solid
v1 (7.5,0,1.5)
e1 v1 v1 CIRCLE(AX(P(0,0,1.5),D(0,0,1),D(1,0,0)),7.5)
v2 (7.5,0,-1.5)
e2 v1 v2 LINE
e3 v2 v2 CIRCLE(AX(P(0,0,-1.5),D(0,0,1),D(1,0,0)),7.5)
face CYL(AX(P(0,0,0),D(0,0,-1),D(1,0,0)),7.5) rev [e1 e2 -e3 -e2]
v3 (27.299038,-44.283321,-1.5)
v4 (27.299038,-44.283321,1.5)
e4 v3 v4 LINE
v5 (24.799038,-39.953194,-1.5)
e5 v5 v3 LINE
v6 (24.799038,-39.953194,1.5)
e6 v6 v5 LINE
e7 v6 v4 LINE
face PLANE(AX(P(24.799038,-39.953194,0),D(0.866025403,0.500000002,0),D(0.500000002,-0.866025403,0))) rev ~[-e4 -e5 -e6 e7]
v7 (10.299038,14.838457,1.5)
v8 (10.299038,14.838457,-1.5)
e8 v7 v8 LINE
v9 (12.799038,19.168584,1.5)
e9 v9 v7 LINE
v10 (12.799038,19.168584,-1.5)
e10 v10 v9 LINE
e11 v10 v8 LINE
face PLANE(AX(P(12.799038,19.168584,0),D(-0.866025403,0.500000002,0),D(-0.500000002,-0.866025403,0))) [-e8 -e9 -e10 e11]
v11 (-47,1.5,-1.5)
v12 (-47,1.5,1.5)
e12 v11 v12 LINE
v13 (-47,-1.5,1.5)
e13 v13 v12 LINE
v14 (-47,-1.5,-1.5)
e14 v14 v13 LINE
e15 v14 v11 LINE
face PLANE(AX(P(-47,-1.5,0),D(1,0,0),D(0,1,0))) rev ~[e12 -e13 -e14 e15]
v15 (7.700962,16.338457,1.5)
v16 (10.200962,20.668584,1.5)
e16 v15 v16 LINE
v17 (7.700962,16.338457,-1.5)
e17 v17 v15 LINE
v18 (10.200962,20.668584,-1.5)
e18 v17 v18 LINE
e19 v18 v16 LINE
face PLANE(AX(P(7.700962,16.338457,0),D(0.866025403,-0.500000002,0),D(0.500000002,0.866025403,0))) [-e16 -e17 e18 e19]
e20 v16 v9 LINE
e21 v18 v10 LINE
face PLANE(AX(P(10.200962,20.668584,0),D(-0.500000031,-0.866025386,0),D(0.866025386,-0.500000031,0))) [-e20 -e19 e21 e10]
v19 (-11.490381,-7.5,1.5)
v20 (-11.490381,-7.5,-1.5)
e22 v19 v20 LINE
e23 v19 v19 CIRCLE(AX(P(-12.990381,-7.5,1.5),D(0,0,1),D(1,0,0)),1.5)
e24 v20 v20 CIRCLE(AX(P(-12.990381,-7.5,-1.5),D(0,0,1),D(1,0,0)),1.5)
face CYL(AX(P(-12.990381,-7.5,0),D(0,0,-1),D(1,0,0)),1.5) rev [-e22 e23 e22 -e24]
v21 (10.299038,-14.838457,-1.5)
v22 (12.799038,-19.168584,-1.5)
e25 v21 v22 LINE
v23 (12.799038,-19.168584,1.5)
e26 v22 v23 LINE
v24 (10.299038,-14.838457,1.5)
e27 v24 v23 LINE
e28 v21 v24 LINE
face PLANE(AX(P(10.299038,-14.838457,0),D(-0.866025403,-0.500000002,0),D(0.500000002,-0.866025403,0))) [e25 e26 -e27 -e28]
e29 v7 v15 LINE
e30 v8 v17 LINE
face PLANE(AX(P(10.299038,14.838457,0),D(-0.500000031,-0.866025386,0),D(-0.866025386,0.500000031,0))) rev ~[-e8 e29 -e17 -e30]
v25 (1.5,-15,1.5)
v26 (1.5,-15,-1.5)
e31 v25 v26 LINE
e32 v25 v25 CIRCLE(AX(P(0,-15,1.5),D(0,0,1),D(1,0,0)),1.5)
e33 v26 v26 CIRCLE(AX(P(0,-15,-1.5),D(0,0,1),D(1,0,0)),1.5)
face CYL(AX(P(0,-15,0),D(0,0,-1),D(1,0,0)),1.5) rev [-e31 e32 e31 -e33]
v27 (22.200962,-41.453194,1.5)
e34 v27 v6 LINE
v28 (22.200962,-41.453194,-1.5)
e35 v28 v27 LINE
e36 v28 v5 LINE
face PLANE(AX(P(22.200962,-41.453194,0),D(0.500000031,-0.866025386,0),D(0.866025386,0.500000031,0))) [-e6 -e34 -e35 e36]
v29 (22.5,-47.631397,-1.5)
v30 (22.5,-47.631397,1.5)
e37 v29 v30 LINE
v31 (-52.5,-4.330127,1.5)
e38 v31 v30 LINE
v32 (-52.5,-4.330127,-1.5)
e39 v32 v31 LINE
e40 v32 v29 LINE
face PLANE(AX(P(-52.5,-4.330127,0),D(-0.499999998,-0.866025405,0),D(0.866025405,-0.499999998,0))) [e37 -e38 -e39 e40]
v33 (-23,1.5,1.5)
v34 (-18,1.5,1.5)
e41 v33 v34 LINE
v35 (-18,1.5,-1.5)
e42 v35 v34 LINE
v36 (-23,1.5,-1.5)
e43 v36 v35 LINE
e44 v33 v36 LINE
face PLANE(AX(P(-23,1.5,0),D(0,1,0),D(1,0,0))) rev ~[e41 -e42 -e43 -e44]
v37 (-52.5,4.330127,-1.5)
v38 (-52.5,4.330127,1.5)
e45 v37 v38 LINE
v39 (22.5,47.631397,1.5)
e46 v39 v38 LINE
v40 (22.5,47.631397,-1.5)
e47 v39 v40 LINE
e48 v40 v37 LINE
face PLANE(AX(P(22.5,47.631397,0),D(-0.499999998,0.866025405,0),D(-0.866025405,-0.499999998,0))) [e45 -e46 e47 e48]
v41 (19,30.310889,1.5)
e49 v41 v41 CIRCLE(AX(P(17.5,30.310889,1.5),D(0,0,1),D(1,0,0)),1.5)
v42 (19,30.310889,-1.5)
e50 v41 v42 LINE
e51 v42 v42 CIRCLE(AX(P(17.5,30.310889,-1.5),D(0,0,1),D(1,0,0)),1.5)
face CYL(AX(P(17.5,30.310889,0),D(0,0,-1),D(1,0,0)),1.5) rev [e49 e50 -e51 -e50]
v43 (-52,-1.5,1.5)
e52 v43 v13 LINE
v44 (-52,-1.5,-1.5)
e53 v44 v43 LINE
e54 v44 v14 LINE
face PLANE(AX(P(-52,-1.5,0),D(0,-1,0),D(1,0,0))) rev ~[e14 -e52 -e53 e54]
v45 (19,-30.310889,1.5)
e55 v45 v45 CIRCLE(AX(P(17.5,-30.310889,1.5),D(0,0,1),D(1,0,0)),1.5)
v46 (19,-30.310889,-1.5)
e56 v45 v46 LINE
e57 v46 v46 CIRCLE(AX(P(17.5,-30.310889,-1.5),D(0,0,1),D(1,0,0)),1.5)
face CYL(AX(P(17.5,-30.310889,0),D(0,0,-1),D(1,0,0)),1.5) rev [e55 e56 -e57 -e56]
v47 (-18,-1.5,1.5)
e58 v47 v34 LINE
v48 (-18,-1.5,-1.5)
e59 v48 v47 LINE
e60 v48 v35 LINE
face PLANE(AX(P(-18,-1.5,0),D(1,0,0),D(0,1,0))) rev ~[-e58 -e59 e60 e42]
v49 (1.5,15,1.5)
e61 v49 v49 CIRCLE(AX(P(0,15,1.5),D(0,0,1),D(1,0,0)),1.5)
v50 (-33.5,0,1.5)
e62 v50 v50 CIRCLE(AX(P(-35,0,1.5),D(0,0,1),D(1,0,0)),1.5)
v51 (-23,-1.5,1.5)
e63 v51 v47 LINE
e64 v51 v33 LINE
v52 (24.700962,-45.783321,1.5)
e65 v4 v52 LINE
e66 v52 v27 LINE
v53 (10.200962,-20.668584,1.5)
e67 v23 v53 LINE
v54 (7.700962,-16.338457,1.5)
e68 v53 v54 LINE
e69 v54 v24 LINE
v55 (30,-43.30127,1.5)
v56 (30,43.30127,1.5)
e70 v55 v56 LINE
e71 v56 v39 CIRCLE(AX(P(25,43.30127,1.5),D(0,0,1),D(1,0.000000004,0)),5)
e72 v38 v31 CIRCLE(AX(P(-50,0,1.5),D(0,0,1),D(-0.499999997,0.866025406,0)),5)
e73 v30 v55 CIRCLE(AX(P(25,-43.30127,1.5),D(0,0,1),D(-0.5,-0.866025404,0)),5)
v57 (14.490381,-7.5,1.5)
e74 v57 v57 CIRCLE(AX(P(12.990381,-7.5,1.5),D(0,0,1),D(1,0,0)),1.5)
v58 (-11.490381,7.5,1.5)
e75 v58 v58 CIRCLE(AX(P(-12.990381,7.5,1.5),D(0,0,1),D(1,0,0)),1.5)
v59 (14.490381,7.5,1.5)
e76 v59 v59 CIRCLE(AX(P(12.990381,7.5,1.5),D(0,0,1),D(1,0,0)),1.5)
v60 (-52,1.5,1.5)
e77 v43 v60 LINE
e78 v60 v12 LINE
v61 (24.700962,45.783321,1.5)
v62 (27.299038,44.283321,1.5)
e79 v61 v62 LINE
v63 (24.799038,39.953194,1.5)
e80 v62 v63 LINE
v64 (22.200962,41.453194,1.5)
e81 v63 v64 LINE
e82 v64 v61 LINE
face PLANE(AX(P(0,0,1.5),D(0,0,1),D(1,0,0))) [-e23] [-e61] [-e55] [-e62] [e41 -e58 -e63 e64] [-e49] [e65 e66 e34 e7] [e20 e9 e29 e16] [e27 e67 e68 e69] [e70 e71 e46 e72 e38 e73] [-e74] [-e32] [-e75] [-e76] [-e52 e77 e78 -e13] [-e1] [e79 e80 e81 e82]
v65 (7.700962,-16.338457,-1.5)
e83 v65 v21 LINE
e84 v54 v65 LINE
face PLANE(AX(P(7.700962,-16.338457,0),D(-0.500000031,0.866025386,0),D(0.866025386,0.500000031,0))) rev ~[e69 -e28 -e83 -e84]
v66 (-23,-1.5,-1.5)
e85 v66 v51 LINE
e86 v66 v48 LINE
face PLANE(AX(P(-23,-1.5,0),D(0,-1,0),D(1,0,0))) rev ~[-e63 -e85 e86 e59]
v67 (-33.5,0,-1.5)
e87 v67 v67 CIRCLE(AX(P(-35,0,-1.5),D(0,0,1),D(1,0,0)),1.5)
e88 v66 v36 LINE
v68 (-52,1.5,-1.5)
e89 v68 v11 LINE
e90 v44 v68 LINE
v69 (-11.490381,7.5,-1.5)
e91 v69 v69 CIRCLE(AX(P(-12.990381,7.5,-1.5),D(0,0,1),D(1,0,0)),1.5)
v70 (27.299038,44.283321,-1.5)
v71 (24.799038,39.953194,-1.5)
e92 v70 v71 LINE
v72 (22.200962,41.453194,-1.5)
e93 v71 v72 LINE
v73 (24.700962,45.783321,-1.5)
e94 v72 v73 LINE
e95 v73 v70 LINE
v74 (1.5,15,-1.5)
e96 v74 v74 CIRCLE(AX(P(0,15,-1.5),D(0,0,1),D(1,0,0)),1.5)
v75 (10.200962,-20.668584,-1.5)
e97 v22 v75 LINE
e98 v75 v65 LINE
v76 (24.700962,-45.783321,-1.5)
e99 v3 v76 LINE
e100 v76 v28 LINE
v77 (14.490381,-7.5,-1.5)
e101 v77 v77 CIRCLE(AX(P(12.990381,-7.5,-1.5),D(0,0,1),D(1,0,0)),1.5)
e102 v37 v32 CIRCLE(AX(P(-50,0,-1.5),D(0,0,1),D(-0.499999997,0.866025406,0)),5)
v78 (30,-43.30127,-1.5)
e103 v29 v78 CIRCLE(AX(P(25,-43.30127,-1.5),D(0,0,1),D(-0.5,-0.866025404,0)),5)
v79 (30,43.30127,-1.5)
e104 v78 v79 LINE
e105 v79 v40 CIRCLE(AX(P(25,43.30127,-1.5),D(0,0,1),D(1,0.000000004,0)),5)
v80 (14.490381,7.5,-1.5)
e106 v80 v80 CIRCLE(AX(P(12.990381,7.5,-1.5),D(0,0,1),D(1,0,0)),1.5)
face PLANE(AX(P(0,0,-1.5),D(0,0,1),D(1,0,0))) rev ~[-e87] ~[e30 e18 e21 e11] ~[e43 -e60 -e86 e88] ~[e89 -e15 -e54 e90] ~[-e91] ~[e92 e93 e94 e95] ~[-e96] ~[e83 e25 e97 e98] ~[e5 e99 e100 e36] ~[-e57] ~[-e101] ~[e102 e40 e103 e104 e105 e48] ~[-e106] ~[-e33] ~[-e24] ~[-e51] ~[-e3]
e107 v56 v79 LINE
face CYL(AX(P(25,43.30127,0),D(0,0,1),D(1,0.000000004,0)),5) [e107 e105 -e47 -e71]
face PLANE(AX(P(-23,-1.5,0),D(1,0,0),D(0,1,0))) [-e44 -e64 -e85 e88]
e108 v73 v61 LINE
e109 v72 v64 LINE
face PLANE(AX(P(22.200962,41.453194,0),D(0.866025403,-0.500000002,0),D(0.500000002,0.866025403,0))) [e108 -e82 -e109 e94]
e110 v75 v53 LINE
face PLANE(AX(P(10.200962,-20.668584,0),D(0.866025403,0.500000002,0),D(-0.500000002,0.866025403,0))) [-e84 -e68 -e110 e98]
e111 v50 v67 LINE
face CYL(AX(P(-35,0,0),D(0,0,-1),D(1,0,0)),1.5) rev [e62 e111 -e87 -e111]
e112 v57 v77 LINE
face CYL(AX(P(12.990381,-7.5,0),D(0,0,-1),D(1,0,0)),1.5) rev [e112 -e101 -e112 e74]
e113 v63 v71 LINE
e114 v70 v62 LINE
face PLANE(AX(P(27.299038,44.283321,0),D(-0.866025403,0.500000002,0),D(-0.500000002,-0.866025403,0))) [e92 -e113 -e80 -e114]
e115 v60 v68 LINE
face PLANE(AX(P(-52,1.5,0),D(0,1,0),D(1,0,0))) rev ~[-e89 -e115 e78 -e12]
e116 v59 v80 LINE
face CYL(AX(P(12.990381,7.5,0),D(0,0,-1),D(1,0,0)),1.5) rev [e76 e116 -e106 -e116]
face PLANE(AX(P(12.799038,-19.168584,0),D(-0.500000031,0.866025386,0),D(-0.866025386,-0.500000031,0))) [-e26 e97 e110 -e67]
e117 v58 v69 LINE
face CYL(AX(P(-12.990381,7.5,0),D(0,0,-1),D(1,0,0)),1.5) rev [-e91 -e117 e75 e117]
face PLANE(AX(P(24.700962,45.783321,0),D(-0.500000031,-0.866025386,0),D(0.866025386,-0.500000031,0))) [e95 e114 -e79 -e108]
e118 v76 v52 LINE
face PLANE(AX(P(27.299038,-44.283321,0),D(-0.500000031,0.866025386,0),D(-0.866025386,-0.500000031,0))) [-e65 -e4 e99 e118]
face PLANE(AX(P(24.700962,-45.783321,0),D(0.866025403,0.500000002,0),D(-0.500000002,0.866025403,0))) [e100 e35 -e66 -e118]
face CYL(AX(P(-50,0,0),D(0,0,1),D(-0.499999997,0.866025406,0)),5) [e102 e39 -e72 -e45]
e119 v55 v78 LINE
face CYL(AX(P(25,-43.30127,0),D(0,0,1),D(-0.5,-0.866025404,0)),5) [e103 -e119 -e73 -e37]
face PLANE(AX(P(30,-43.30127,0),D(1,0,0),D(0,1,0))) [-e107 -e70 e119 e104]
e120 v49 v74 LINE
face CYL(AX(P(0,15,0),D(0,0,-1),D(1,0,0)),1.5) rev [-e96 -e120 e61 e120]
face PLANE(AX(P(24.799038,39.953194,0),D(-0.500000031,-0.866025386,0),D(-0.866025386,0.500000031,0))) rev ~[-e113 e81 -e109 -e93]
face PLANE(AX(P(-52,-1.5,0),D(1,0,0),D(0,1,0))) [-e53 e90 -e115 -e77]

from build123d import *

# Parameters (mm, degrees)
F0_W     = 5
F0_H     = 3
F0_R     = 1.5
F0_R_2   = 7.5
F1_DEPTH = 1.5


with BuildPart() as f1:
    # F0 (on Top) → F1 (new body, symmetric)
    with BuildSketch(Plane.XY):
        with BuildLine():
            Line((22.5, 47.631397), (-52.5, 4.330127))
            ThreePointArc((-52.5, 4.330127), (-55, 0), (-52.5, -4.330127))
            Line((-52.5, -4.330127), (22.5, -47.631397))
            ThreePointArc((22.5, -47.631397), (27.5, -47.631397), (30, -43.30127))
            Line((30, -43.30127), (30, 43.30127))
            ThreePointArc((30, 43.30127), (27.5, 47.631397), (22.5, 47.631397))
        make_face()
        with Locations((-49.5, 0)):
            Rectangle(F0_W, F0_H, mode=Mode.SUBTRACT)
        with Locations((-35, 0)):
            Circle(F0_R, mode=Mode.SUBTRACT)
        with Locations((-12.990381, -7.5)):
            Circle(F0_R, mode=Mode.SUBTRACT)
        with Locations((-20.5, 0)):
            Rectangle(F0_W, F0_H, mode=Mode.SUBTRACT)
        Polygon((22.200962, -41.453194), (24.799038, -39.953194), (27.299038, -44.283321), (24.700962, -45.783321), align=None, mode=Mode.SUBTRACT)
        with Locations((17.5, -30.310889)):
            Circle(F0_R, mode=Mode.SUBTRACT)
        with Locations((0, -15)):
            Circle(F0_R, mode=Mode.SUBTRACT)
        Circle(F0_R_2, mode=Mode.SUBTRACT)
        Polygon((10.200962, -20.668584), (7.700962, -16.338457), (10.299038, -14.838457), (12.799038, -19.168584), align=None, mode=Mode.SUBTRACT)
        with Locations((12.990381, -7.5)):
            Circle(F0_R, mode=Mode.SUBTRACT)
        with Locations((-12.990381, 7.5)):
            Circle(F0_R, mode=Mode.SUBTRACT)
        with Locations((0, 15)):
            Circle(F0_R, mode=Mode.SUBTRACT)
        with Locations((12.990381, 7.5)):
            Circle(F0_R, mode=Mode.SUBTRACT)
        Polygon((12.799038, 19.168584), (10.299038, 14.838457), (7.700962, 16.338457), (10.200962, 20.668584), align=None, mode=Mode.SUBTRACT)
        with Locations((17.5, 30.310889)):
            Circle(F0_R, mode=Mode.SUBTRACT)
        Polygon((24.799038, 39.953194), (22.200962, 41.453194), (24.700962, 45.783321), (27.299038, 44.283321), align=None, mode=Mode.SUBTRACT)
    extrude(amount=F1_DEPTH, both=True)


solid = f1.part
